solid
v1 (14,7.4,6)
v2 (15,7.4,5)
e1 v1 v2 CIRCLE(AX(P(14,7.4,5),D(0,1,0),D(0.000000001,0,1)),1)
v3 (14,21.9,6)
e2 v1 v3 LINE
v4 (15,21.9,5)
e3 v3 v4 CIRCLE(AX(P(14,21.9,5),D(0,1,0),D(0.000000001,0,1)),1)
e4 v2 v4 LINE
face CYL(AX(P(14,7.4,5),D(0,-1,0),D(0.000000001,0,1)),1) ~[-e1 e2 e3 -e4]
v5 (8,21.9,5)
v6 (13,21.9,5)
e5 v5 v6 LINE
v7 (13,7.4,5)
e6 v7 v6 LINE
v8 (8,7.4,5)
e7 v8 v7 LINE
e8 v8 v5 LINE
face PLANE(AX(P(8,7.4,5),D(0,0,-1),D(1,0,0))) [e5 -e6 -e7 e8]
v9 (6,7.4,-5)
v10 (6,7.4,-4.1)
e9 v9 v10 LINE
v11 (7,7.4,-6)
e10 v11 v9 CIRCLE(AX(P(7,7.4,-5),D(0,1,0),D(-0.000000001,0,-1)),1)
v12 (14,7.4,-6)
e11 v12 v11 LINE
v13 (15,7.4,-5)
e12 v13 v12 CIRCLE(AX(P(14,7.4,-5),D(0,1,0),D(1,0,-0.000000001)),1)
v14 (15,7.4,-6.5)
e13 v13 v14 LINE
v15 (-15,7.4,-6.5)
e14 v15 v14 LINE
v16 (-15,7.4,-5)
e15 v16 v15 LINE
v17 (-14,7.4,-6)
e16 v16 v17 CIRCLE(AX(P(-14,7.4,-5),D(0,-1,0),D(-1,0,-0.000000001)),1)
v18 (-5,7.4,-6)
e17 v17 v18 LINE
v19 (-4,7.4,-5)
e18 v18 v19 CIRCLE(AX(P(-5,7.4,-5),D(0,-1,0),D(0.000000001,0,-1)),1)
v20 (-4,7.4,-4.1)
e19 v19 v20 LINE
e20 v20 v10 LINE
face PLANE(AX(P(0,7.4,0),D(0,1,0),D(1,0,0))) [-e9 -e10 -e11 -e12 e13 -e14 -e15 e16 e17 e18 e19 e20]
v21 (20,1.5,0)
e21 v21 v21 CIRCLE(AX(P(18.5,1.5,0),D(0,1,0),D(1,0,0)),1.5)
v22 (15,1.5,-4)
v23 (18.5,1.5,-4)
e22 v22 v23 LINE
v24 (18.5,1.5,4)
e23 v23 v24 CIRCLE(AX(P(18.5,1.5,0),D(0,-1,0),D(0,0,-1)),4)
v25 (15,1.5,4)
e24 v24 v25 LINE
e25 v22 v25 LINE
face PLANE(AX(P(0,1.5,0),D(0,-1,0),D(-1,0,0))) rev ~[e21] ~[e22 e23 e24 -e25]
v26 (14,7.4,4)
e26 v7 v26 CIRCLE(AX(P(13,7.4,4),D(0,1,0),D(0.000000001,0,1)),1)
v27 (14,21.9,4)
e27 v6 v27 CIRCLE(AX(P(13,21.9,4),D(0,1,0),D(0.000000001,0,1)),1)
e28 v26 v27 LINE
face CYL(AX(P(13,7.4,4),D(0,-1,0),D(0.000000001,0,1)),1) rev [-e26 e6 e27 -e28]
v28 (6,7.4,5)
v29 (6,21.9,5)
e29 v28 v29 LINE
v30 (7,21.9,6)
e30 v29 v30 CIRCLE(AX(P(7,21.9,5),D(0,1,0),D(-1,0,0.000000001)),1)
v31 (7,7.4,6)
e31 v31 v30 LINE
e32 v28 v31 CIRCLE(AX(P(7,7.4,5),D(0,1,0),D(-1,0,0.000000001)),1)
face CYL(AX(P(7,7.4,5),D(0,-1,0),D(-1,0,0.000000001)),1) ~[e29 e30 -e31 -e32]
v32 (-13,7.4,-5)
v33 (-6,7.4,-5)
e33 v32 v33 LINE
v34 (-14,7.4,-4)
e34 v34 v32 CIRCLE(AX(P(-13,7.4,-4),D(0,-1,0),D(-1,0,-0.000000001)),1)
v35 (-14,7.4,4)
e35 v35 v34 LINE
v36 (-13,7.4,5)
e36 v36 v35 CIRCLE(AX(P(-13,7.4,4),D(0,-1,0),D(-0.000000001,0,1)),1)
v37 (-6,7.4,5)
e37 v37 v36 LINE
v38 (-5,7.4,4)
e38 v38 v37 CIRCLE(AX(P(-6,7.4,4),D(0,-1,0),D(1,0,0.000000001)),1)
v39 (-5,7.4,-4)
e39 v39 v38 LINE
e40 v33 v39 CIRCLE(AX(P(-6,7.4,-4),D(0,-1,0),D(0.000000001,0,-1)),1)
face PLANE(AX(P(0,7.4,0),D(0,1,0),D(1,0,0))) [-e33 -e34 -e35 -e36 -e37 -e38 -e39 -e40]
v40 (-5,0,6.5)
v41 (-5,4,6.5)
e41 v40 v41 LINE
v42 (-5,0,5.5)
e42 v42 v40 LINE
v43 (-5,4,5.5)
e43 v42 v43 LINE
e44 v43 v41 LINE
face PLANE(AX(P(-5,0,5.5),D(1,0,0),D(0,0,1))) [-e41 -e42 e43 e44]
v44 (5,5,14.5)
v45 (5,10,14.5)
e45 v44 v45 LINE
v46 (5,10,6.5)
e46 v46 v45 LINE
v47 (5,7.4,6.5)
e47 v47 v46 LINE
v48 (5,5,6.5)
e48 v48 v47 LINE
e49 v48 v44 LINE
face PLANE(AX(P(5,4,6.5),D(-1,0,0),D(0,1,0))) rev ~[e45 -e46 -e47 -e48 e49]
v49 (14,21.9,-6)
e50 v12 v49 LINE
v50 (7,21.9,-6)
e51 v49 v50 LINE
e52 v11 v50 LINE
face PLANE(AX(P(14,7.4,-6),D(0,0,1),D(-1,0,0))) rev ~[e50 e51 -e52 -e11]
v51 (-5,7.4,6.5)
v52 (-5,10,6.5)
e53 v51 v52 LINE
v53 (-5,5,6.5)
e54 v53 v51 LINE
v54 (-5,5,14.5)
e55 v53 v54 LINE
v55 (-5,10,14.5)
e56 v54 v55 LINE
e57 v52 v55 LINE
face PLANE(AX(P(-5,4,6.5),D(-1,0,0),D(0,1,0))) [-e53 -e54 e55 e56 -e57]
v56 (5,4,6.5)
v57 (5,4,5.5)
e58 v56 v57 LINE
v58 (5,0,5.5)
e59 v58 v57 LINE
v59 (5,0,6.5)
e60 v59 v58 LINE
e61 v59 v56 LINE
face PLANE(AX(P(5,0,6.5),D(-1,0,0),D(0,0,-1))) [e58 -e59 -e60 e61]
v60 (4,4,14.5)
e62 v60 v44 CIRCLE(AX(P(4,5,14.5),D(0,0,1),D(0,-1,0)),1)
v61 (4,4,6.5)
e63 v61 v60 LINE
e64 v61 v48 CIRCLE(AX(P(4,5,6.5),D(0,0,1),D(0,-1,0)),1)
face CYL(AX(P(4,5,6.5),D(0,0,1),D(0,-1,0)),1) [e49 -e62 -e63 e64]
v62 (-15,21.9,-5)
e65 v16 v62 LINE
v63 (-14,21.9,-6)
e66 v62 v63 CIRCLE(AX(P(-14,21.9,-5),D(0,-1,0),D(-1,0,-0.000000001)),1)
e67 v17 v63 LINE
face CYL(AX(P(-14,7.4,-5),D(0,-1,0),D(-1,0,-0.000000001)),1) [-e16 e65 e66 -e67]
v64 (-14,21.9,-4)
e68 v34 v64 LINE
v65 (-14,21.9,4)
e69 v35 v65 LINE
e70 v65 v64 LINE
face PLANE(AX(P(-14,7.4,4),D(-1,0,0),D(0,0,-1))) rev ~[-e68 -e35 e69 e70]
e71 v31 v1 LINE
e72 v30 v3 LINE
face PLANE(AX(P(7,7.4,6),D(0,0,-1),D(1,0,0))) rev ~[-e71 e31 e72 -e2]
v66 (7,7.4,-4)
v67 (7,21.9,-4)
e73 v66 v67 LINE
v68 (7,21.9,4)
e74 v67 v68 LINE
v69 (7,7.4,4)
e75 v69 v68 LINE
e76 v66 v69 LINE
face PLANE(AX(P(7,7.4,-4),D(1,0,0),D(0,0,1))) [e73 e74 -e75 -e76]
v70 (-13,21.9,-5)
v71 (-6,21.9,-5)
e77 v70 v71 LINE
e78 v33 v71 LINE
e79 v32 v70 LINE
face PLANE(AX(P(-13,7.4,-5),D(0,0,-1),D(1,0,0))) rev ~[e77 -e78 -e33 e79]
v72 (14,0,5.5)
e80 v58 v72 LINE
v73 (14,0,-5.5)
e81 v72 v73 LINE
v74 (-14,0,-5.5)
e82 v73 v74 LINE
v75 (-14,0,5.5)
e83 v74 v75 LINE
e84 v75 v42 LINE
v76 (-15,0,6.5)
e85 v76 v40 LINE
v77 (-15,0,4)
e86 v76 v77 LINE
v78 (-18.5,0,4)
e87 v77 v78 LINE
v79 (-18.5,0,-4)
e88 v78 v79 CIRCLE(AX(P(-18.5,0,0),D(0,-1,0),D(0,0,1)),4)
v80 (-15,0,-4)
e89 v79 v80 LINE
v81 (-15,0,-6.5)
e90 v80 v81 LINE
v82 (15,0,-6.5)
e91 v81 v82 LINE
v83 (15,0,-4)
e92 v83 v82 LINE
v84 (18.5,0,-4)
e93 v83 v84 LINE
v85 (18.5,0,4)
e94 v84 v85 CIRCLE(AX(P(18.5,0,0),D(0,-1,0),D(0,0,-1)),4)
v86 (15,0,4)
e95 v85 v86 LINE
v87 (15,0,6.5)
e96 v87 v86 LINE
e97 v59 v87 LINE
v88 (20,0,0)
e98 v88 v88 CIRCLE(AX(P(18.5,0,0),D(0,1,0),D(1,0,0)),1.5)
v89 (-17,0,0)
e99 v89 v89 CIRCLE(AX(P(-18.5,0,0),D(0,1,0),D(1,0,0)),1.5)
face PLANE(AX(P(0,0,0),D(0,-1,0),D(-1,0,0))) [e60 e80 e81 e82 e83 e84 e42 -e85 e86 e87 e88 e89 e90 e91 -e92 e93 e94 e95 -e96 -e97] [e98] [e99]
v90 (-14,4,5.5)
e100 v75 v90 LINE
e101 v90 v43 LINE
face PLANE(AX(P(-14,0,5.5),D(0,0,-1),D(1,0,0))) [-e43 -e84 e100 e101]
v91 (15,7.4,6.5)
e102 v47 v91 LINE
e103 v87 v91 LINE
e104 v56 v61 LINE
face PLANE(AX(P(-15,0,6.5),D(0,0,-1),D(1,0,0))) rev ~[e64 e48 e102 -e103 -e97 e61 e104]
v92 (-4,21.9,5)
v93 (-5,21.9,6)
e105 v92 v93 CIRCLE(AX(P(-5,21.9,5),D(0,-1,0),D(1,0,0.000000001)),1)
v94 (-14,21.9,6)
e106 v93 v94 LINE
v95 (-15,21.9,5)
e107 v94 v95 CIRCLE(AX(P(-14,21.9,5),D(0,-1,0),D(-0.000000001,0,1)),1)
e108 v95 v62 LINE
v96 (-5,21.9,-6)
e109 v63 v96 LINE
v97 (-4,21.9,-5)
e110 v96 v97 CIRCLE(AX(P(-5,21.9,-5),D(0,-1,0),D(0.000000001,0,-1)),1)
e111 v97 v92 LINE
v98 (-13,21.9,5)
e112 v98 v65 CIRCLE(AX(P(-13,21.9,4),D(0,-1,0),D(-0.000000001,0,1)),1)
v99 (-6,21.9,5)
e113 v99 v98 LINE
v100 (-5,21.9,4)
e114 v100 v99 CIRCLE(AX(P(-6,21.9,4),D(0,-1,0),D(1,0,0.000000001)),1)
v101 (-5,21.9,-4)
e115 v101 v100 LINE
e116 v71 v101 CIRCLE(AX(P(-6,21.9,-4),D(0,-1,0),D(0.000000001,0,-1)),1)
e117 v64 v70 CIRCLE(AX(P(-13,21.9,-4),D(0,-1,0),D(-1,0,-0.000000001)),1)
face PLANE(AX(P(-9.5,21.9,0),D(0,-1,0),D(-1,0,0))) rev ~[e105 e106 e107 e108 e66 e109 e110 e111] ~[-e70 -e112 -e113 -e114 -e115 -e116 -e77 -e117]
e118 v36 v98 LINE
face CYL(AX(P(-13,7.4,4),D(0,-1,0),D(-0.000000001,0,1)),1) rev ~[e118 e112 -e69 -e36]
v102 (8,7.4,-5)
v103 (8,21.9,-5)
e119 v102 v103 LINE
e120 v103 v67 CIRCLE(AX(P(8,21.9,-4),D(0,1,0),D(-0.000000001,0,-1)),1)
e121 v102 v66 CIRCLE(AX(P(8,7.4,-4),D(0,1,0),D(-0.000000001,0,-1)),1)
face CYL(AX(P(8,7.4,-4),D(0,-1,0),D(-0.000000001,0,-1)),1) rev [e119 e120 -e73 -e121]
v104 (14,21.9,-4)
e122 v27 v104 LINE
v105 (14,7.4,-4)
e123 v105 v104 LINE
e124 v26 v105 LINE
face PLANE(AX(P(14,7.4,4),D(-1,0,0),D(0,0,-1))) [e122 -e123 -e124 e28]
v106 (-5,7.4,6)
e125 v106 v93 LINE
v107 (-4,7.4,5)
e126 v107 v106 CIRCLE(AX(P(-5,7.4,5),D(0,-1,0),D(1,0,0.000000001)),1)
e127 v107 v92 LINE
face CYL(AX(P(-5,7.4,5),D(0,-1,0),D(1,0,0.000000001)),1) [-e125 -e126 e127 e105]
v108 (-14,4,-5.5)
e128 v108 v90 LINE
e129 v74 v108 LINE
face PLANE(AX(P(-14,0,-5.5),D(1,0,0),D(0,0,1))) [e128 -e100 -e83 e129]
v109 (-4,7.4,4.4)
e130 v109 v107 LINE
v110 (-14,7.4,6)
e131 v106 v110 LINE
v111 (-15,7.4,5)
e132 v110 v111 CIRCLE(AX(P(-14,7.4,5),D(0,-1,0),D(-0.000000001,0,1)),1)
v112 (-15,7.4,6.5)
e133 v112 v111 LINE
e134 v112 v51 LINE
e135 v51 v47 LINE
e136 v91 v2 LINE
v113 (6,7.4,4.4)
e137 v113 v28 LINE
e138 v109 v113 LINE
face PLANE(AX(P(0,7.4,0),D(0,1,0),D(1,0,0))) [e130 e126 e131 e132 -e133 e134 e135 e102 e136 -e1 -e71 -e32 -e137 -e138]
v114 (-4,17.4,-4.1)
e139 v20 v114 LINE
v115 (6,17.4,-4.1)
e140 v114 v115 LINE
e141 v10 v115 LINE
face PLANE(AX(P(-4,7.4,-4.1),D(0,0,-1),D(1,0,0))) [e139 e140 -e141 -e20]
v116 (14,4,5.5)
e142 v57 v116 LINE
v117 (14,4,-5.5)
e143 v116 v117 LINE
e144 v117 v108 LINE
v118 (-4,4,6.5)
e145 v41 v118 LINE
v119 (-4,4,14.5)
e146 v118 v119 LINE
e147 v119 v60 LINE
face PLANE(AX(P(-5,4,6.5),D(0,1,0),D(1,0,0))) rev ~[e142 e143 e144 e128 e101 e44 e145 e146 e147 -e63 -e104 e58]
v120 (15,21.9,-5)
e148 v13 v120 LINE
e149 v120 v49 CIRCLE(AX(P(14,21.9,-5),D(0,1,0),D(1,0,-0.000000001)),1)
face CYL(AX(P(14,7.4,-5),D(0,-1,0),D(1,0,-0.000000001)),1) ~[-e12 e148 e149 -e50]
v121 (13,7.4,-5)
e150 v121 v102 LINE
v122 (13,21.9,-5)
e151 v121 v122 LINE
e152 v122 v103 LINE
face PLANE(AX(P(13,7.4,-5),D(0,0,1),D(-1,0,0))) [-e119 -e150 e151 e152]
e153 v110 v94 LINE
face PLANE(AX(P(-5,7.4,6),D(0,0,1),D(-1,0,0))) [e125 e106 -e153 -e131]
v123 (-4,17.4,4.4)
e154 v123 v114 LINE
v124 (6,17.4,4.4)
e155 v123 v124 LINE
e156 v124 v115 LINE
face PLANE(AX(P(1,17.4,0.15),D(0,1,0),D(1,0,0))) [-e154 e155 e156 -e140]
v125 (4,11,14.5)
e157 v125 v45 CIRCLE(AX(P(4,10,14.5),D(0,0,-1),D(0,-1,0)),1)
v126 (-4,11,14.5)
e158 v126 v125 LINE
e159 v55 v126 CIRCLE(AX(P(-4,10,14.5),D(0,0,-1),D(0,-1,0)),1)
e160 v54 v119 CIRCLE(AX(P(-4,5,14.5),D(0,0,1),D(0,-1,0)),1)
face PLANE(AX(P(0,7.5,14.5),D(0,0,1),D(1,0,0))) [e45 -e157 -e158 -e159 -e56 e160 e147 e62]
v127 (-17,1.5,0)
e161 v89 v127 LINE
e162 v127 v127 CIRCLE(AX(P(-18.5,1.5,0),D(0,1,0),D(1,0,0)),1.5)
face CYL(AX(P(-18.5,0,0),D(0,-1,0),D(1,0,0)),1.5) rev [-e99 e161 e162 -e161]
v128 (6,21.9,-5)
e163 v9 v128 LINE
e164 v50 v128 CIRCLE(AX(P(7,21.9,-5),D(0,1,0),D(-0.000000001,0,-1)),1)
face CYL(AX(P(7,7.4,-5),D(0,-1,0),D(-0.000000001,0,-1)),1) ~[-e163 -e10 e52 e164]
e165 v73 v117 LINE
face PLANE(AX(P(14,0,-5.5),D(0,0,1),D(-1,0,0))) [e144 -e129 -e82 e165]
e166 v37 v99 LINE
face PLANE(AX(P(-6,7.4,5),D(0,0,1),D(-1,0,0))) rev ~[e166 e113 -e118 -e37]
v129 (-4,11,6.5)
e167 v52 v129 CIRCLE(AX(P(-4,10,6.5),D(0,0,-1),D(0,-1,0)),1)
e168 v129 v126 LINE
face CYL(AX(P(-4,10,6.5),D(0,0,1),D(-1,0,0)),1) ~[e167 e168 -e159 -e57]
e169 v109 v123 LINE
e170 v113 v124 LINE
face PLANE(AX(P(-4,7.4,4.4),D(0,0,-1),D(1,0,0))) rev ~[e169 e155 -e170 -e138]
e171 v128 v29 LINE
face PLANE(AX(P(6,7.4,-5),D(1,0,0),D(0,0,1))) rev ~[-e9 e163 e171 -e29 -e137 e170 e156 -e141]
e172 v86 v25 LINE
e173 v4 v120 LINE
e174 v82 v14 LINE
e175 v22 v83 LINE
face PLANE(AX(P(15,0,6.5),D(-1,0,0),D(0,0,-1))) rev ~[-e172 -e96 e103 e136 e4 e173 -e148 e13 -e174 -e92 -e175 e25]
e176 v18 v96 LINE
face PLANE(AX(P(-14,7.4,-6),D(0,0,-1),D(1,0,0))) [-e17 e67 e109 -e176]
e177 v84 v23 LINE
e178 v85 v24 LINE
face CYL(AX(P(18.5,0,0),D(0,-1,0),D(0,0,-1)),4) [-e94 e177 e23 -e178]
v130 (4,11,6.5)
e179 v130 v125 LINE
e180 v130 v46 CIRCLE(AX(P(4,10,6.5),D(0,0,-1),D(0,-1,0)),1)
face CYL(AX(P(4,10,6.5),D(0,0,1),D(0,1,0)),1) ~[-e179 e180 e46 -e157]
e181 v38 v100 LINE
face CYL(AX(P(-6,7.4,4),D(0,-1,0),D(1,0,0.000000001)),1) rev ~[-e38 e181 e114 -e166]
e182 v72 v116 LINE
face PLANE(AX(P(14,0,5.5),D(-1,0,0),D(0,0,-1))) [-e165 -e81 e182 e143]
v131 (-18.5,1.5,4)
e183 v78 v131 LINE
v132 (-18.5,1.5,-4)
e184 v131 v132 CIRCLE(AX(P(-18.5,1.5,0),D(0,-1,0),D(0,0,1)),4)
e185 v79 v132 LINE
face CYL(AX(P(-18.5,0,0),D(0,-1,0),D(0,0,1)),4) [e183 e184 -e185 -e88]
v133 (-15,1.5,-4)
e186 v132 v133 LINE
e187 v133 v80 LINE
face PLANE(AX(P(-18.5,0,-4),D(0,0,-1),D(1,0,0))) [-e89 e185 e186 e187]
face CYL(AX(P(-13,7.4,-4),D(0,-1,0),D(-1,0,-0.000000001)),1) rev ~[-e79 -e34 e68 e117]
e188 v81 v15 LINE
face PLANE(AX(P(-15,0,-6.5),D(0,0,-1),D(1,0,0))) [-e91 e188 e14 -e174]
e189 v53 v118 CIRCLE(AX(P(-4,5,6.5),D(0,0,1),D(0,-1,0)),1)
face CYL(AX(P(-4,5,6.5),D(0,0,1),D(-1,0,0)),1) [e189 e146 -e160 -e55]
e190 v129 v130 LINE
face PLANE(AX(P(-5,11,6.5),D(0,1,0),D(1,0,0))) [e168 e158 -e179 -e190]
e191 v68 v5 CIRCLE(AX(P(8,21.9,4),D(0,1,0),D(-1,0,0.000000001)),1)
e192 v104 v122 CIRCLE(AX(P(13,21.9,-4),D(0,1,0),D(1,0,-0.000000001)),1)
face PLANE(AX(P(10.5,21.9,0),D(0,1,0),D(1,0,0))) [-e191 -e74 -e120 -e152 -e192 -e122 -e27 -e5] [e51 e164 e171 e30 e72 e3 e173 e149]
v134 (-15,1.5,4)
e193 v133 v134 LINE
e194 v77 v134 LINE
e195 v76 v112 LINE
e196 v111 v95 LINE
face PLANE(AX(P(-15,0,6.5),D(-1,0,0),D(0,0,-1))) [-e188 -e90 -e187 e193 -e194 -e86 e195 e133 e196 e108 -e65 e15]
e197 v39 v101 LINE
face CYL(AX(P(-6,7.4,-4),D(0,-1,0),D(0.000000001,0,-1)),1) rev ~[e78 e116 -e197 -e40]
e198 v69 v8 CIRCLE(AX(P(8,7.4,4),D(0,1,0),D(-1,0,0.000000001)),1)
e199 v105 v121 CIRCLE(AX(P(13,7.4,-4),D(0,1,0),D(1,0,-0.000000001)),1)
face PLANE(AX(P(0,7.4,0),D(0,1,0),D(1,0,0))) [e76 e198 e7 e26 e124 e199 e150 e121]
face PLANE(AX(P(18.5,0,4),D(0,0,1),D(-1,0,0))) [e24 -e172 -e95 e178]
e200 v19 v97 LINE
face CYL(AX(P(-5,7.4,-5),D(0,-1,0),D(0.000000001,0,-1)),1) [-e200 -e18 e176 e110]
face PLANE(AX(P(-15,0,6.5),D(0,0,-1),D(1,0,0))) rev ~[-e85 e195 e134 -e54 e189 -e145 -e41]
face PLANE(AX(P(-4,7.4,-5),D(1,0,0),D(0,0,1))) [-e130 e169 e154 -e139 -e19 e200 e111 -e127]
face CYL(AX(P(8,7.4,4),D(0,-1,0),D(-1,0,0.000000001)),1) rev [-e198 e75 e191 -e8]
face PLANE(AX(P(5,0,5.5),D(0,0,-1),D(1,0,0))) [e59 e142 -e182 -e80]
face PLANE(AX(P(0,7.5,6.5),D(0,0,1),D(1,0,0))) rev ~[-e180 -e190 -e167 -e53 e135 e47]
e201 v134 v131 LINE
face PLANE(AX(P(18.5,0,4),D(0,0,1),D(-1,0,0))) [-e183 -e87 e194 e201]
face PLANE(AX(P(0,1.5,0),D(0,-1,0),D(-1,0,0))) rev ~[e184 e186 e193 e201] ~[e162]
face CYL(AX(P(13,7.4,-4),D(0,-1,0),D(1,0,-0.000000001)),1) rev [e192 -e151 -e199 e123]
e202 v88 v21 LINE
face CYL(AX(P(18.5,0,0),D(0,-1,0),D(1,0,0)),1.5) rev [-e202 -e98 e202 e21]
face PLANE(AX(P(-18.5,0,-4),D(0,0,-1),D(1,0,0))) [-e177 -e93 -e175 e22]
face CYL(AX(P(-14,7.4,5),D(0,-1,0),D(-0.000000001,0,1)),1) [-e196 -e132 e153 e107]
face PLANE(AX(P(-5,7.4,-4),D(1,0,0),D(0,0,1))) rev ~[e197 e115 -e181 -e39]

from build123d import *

# Parameters (mm, degrees)
SKETCH1_W           = 30
SKETCH1_H           = 13
BOSS_EXTRUDE1_DEPTH = 7.4
BOSS_EXTRUDE2_DEPTH = 14.5
SKETCH3_W           = 10
SKETCH3_H           = 8.5
BOSS_EXTRUDE3_DEPTH = 10
SKETCH5_R           = 1.5
BOSS_EXTRUDE4_DEPTH = 1.5
CUT_EXTRUDE2_DEPTH  = 4
SKETCH7_W           = 10
SKETCH7_H           = 7
BOSS_EXTRUDE5_DEPTH = 8
FILLET1_R           = 1


with BuildPart() as part:
    # Sketch1 → Boss-Extrude1 (new body)
    with BuildSketch(Plane(origin=(0, 0, 0), x_dir=(1, 0, 0), z_dir=(0, 1, 0))):
        Rectangle(SKETCH1_W, SKETCH1_H)
    extrude(amount=BOSS_EXTRUDE1_DEPTH)

    # Sketch2 → Boss-Extrude2 (add)
    with BuildSketch(Plane(origin=(0, 7.4, 0), x_dir=(1, 0, 0), z_dir=(0, 1, 0))):
        with BuildLine():
            Line((-14, 6), (-5, 6))
            ThreePointArc((-5, 6), (-4.292893219, 5.707106781), (-4, 5))
            Line((-4, 5), (-4, -5))
            ThreePointArc((-4, -5), (-4.292893219, -5.707106781), (-5, -6))
            Line((-5, -6), (-14, -6))
            ThreePointArc((-14, -6), (-14.707106781, -5.707106781), (-15, -5))
            Line((-15, -5), (-15, 5))
            ThreePointArc((-15, 5), (-14.707106781, 5.707106781), (-14, 6))
        make_face()
        with BuildLine():
            Line((-13, 5), (-6, 5))
            ThreePointArc((-6, 5), (-5.292893219, 4.707106781), (-5, 4))
            Line((-5, 4), (-5, -4))
            ThreePointArc((-5, -4), (-5.292893219, -4.707106781), (-6, -5))
            Line((-6, -5), (-13, -5))
            ThreePointArc((-13, -5), (-13.707106781, -4.707106781), (-14, -4))
            Line((-14, -4), (-14, 4))
            ThreePointArc((-14, 4), (-13.707106781, 4.707106781), (-13, 5))
        make_face(mode=Mode.SUBTRACT)
        with BuildLine():
            Line((14, 6), (7, 6))
            ThreePointArc((7, 6), (6.292893219, 5.707106781), (6, 5))
            Line((6, 5), (6, -5))
            ThreePointArc((6, -5), (6.292893219, -5.707106781), (7, -6))
            Line((7, -6), (14, -6))
            ThreePointArc((14, -6), (14.707106781, -5.707106781), (15, -5))
            Line((15, -5), (15, 5))
            ThreePointArc((15, 5), (14.707106781, 5.707106781), (14, 6))
        make_face()
        with BuildLine():
            Line((8, -5), (13, -5))
            ThreePointArc((13, -5), (13.707106781, -4.707106781), (14, -4))
            Line((14, -4), (14, 4))
            ThreePointArc((14, 4), (13.707106781, 4.707106781), (13, 5))
            Line((13, 5), (8, 5))
            ThreePointArc((8, 5), (7.292893219, 4.707106781), (7, 4))
            Line((7, 4), (7, -4))
            ThreePointArc((7, -4), (7.292893219, -4.707106781), (8, -5))
        make_face(mode=Mode.SUBTRACT)
    extrude(amount=BOSS_EXTRUDE2_DEPTH)

    # Sketch3 → Boss-Extrude3 (add)
    with BuildSketch(Plane(origin=(0, 7.4, 0), x_dir=(1, 0, 0), z_dir=(0, 1, 0))):
        with Locations((1, -0.15)):
            Rectangle(SKETCH3_W, SKETCH3_H)
    extrude(amount=BOSS_EXTRUDE3_DEPTH)

    # Sketch5 → Boss-Extrude4 (add)
    with BuildSketch(Plane(origin=(0, 0, 0), x_dir=(1, 0, 0), z_dir=(0, 1, 0))):
        with BuildLine():
            Line((-18.5, 4), (18.5, 4))
            ThreePointArc((18.5, 4), (22.5, 0), (18.5, -4))
            Line((18.5, -4), (-18.5, -4))
            ThreePointArc((-18.5, -4), (-22.5, 0), (-18.5, 4))
        make_face()
        with Locations((-18.5, 0)):
            Circle(SKETCH5_R, mode=Mode.SUBTRACT)
        with Locations((18.5, 0)):
            Circle(SKETCH5_R, mode=Mode.SUBTRACT)
    extrude(amount=BOSS_EXTRUDE4_DEPTH)

    # Sketch6 → Cut-Extrude2 (cut)
    with BuildSketch(Plane.XZ):
        Polygon((-14, 5.5), (-5, 5.5), (-5, 6.5), (5, 6.5), (5, 5.5), (14, 5.5), (14, -5.5), (-14, -5.5), align=None)
    extrude(amount=-CUT_EXTRUDE2_DEPTH, mode=Mode.SUBTRACT)

    # Sketch7 → Boss-Extrude5 (add)
    with BuildSketch(Plane.XY.offset(6.5)):
        with Locations((0, 7.5)):
            Rectangle(SKETCH7_W, SKETCH7_H)
    extrude(amount=BOSS_EXTRUDE5_DEPTH)

    # Fillet1
    fillet1_edges = [part.edges().sort_by_distance(p)[0] for p in [
        (-5, 11, 10.5),
        (-5, 4, 10.5),
        (5, 4, 10.5),
        (5, 11, 10.5),
    ]]
    fillet(fillet1_edges, radius=FILLET1_R)


solid = part.part
